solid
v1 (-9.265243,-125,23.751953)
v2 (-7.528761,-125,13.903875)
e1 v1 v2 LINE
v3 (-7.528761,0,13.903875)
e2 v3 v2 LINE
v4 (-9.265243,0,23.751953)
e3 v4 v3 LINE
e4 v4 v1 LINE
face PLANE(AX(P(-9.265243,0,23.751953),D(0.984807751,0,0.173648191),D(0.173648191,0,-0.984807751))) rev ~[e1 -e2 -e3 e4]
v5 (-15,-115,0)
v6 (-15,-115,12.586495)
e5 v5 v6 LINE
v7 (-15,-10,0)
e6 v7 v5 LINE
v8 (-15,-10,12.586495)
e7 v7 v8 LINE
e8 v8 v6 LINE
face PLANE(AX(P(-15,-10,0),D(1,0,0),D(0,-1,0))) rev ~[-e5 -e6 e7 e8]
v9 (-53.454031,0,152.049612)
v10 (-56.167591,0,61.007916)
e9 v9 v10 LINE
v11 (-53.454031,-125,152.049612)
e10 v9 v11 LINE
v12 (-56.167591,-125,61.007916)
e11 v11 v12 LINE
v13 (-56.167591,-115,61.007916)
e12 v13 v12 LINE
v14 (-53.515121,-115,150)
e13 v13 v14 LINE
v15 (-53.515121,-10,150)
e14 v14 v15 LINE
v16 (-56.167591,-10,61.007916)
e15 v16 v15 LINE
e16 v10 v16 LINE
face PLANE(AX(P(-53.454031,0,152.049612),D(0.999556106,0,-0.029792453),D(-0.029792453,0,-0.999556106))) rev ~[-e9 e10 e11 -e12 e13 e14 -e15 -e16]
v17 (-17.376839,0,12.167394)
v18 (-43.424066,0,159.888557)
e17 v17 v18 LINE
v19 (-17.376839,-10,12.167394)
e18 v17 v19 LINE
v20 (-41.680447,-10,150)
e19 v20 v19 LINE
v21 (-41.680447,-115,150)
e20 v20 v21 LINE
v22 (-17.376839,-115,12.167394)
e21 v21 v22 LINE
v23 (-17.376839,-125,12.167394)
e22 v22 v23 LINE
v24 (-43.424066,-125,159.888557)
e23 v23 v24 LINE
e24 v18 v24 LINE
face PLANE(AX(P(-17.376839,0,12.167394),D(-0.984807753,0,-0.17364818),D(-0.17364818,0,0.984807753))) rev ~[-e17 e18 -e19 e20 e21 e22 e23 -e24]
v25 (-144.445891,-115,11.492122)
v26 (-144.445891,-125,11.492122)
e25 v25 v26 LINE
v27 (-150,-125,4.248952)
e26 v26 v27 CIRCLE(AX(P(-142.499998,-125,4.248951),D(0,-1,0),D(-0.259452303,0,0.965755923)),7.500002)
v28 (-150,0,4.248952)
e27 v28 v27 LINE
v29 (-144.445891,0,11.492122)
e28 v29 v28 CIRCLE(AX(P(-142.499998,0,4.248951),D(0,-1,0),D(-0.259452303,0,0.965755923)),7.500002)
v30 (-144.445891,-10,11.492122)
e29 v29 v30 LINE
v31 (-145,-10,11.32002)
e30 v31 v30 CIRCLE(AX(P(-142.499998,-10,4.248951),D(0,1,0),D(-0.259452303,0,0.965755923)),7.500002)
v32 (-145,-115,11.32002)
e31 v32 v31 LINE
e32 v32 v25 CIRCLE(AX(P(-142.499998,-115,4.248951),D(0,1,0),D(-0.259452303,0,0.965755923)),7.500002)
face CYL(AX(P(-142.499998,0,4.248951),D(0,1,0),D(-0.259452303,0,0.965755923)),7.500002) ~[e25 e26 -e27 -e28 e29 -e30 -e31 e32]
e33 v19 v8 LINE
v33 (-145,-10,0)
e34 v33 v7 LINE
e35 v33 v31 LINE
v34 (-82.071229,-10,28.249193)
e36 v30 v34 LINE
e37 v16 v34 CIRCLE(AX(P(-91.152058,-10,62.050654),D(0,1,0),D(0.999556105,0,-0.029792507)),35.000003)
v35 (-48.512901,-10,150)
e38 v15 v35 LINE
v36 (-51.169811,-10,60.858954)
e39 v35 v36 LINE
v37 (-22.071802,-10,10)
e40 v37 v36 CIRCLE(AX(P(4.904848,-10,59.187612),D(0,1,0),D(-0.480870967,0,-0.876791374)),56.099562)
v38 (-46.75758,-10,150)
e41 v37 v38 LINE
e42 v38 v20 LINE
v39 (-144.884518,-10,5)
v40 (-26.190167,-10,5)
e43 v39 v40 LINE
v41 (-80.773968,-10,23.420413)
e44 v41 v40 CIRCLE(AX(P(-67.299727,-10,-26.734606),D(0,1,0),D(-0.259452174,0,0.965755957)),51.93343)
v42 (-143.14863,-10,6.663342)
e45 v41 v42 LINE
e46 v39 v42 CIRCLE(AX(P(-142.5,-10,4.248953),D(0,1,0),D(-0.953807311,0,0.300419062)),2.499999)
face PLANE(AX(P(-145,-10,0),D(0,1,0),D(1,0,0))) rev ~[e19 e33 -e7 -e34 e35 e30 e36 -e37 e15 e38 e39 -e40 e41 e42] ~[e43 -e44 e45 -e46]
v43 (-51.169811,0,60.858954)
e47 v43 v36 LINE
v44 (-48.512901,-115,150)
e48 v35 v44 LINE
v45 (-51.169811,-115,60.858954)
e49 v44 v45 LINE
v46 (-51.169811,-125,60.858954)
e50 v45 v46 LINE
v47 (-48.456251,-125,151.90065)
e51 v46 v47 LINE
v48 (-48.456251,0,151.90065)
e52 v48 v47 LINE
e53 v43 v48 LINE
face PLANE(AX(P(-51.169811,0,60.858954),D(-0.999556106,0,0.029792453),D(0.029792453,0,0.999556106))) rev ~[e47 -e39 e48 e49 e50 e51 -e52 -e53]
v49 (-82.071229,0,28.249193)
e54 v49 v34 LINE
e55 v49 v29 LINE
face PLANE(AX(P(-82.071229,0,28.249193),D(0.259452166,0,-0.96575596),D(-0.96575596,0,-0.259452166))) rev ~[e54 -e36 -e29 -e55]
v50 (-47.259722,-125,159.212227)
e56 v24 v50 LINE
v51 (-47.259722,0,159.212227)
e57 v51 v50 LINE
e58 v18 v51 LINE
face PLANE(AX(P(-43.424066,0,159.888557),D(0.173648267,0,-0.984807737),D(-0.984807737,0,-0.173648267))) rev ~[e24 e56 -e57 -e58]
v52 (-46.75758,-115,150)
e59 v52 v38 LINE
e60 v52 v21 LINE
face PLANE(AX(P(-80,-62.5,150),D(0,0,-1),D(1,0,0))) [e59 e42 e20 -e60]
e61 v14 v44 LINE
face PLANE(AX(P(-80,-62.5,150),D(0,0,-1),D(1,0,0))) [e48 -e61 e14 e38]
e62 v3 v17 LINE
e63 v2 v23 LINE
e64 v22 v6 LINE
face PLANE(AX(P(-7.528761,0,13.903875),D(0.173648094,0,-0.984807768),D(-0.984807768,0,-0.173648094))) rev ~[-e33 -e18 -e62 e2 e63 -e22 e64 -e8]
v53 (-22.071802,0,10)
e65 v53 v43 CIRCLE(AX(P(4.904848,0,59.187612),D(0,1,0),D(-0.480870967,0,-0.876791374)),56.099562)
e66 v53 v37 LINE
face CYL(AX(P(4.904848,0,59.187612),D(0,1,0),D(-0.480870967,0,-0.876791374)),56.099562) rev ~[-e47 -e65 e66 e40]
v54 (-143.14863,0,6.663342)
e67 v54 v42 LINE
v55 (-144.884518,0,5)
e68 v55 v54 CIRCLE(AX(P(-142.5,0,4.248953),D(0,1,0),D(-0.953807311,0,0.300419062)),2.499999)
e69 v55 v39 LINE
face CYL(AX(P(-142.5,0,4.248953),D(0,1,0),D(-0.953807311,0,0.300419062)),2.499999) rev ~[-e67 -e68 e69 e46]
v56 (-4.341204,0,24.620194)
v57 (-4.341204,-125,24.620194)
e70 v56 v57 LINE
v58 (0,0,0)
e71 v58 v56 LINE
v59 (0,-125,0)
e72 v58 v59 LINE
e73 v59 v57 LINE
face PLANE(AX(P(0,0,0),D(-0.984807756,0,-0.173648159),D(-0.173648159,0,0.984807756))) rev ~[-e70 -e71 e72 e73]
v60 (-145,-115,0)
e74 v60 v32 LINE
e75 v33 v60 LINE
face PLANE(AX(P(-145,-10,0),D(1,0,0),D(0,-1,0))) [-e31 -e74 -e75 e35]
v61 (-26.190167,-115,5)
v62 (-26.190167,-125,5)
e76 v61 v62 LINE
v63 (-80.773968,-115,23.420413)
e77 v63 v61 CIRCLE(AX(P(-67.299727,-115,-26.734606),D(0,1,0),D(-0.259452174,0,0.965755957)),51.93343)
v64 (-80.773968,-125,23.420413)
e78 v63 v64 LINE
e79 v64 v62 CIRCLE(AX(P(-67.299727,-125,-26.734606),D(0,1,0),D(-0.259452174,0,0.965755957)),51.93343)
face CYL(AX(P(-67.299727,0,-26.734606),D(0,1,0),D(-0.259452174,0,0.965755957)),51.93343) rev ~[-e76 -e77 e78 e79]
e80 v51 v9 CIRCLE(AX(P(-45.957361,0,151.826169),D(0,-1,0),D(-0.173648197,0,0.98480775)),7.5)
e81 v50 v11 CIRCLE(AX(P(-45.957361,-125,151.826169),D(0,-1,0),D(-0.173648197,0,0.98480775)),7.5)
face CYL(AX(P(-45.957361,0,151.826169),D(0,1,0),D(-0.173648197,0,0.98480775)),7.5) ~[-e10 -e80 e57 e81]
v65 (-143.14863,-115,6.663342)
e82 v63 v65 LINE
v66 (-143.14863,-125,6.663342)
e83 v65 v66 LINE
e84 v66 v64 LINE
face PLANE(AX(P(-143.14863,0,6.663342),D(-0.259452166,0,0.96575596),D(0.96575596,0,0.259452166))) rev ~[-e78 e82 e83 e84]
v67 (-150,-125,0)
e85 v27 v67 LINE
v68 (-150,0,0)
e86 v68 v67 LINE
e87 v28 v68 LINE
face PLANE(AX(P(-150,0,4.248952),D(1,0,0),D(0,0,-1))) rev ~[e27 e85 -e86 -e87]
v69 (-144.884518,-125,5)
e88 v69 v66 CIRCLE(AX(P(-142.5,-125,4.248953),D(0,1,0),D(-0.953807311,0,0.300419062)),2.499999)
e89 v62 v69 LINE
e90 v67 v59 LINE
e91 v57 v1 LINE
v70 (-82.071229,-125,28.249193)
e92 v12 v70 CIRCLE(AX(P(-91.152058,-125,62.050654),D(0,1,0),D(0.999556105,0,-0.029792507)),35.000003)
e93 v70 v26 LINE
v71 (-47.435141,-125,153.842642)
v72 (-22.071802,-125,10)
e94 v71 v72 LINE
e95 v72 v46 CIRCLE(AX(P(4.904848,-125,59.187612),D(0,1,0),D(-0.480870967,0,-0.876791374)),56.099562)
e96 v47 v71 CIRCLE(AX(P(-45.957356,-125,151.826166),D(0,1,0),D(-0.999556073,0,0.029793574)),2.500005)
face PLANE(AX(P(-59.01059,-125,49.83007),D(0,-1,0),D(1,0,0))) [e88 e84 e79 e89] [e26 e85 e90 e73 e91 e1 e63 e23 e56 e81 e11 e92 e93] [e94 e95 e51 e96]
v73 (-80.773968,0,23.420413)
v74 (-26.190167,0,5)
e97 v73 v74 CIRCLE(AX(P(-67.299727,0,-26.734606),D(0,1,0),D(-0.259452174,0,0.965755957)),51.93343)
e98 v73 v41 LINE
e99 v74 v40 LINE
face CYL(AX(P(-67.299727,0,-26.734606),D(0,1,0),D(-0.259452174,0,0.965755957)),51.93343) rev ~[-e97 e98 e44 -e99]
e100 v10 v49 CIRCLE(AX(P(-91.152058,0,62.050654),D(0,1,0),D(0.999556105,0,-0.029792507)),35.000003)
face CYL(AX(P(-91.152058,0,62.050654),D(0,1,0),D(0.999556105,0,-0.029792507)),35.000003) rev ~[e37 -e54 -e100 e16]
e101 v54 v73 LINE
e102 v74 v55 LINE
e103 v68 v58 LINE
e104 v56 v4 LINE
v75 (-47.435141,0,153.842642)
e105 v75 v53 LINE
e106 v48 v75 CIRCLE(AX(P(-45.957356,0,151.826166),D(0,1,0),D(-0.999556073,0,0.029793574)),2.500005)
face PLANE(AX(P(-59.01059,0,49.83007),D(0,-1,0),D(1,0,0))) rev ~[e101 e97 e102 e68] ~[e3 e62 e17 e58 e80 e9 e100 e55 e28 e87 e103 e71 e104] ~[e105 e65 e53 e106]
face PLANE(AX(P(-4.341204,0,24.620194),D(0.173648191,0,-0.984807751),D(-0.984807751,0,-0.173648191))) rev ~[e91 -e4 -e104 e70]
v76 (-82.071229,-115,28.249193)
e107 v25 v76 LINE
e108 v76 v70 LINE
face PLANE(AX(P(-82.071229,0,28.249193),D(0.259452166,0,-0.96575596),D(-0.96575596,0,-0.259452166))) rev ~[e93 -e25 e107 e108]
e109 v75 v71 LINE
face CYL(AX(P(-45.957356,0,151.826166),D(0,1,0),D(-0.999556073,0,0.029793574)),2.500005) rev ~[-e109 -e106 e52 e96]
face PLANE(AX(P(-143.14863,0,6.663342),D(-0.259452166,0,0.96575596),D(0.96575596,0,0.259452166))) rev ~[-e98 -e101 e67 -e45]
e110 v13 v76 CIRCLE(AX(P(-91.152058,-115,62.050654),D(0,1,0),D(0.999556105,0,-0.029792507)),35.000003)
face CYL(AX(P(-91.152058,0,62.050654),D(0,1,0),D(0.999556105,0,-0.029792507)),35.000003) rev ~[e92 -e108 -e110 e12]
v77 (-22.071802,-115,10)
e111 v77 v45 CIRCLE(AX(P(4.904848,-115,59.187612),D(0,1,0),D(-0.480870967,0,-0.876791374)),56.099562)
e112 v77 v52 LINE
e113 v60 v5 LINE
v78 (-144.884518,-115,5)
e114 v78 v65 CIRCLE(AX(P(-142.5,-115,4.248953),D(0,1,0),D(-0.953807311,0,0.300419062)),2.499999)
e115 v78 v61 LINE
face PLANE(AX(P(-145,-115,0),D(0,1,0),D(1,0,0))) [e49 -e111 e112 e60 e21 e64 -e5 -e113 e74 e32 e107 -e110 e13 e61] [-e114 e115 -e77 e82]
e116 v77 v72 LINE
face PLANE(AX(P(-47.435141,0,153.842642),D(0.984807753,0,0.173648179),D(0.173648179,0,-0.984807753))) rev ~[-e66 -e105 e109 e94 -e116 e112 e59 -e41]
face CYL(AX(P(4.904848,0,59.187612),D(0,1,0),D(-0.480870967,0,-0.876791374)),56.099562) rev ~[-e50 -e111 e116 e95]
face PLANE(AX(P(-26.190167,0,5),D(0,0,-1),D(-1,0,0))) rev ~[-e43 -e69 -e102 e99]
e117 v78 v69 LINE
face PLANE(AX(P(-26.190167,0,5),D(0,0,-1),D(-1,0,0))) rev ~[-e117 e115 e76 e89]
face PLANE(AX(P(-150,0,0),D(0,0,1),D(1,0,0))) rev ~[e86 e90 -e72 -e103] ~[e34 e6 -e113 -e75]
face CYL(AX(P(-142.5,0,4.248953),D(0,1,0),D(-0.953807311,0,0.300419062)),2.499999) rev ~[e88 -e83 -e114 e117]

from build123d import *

# Parameters (mm, degrees)
F1_DEPTH = 125
F2_W     = 130
F2_H     = 105
F3_DEPTH = 150


with BuildPart() as f1:
    # F0 (on Front) → F1 (new body)
    with BuildSketch(Plane.XZ):
        with BuildLine():
            Line((-150, 0), (0, 0))
            Line((0, 0), (-4.341204, 24.620194))
            Line((-4.341204, 24.620194), (-9.265243, 23.751953))
            Line((-9.265243, 23.751953), (-7.528761, 13.903875))
            Line((-7.528761, 13.903875), (-17.376839, 12.167394))
            Line((-17.376839, 12.167394), (-43.424066, 159.888557))
            Line((-43.424066, 159.888557), (-47.259722, 159.212227))
            ThreePointArc((-47.259722, 159.212227), (-51.630235, 156.732134), (-53.454031, 152.049612))
            Line((-53.454031, 152.049612), (-56.167591, 61.007916))
            ThreePointArc((-56.167591, 61.007916), (-63.698077, 40.341689), (-82.071229, 28.249193))
            Line((-82.071229, 28.249193), (-144.445891, 11.492122))
            ThreePointArc((-144.445891, 11.492122), (-148.451646, 8.812712), (-150, 4.248952))
            Line((-150, 4.248952), (-150, 0))
        make_face()
        with BuildLine():
            ThreePointArc((-48.456251, 151.90065), (-48.170121, 152.98965), (-47.435141, 153.842642))
            Line((-47.435141, 153.842642), (-22.071802, 10))
            Line((-22.071802, 10), (-21.190167, 5))
            Line((-21.190167, 5), (-26.190167, 5))
            Line((-26.190167, 5), (-144.884518, 5))
            ThreePointArc((-144.884518, 5), (-144.229646, 6.054035), (-143.14863, 6.663342))
            Line((-143.14863, 6.663342), (-80.773968, 23.420413))
            ThreePointArc((-80.773968, 23.420413), (-59.77608, 37.240408), (-51.169811, 60.858954))
            Line((-51.169811, 60.858954), (-48.456251, 151.90065))
        make_face(mode=Mode.SUBTRACT)
        with BuildLine():
            Line((-21.190167, 5), (-22.071802, 10))
            ThreePointArc((-22.071802, 10), (-43.78846, 31.328636), (-51.169811, 60.858954))
            ThreePointArc((-51.169811, 60.858954), (-59.77608, 37.240408), (-80.773968, 23.420413))
            ThreePointArc((-80.773968, 23.420413), (-50.693836, 22.47236), (-26.190167, 5))
            Line((-26.190167, 5), (-21.190167, 5))
        make_face()
    extrude(amount=F1_DEPTH)

    # F2 (on face) → F3 (cut)
    with BuildSketch(Plane(origin=(0, 0, 0), x_dir=(1, 0, 0), z_dir=(0, 0, -1))):
        with Locations((-80, 62.5)):
            Rectangle(F2_W, F2_H)
    extrude(amount=-F3_DEPTH, mode=Mode.SUBTRACT)


solid = f1.part
